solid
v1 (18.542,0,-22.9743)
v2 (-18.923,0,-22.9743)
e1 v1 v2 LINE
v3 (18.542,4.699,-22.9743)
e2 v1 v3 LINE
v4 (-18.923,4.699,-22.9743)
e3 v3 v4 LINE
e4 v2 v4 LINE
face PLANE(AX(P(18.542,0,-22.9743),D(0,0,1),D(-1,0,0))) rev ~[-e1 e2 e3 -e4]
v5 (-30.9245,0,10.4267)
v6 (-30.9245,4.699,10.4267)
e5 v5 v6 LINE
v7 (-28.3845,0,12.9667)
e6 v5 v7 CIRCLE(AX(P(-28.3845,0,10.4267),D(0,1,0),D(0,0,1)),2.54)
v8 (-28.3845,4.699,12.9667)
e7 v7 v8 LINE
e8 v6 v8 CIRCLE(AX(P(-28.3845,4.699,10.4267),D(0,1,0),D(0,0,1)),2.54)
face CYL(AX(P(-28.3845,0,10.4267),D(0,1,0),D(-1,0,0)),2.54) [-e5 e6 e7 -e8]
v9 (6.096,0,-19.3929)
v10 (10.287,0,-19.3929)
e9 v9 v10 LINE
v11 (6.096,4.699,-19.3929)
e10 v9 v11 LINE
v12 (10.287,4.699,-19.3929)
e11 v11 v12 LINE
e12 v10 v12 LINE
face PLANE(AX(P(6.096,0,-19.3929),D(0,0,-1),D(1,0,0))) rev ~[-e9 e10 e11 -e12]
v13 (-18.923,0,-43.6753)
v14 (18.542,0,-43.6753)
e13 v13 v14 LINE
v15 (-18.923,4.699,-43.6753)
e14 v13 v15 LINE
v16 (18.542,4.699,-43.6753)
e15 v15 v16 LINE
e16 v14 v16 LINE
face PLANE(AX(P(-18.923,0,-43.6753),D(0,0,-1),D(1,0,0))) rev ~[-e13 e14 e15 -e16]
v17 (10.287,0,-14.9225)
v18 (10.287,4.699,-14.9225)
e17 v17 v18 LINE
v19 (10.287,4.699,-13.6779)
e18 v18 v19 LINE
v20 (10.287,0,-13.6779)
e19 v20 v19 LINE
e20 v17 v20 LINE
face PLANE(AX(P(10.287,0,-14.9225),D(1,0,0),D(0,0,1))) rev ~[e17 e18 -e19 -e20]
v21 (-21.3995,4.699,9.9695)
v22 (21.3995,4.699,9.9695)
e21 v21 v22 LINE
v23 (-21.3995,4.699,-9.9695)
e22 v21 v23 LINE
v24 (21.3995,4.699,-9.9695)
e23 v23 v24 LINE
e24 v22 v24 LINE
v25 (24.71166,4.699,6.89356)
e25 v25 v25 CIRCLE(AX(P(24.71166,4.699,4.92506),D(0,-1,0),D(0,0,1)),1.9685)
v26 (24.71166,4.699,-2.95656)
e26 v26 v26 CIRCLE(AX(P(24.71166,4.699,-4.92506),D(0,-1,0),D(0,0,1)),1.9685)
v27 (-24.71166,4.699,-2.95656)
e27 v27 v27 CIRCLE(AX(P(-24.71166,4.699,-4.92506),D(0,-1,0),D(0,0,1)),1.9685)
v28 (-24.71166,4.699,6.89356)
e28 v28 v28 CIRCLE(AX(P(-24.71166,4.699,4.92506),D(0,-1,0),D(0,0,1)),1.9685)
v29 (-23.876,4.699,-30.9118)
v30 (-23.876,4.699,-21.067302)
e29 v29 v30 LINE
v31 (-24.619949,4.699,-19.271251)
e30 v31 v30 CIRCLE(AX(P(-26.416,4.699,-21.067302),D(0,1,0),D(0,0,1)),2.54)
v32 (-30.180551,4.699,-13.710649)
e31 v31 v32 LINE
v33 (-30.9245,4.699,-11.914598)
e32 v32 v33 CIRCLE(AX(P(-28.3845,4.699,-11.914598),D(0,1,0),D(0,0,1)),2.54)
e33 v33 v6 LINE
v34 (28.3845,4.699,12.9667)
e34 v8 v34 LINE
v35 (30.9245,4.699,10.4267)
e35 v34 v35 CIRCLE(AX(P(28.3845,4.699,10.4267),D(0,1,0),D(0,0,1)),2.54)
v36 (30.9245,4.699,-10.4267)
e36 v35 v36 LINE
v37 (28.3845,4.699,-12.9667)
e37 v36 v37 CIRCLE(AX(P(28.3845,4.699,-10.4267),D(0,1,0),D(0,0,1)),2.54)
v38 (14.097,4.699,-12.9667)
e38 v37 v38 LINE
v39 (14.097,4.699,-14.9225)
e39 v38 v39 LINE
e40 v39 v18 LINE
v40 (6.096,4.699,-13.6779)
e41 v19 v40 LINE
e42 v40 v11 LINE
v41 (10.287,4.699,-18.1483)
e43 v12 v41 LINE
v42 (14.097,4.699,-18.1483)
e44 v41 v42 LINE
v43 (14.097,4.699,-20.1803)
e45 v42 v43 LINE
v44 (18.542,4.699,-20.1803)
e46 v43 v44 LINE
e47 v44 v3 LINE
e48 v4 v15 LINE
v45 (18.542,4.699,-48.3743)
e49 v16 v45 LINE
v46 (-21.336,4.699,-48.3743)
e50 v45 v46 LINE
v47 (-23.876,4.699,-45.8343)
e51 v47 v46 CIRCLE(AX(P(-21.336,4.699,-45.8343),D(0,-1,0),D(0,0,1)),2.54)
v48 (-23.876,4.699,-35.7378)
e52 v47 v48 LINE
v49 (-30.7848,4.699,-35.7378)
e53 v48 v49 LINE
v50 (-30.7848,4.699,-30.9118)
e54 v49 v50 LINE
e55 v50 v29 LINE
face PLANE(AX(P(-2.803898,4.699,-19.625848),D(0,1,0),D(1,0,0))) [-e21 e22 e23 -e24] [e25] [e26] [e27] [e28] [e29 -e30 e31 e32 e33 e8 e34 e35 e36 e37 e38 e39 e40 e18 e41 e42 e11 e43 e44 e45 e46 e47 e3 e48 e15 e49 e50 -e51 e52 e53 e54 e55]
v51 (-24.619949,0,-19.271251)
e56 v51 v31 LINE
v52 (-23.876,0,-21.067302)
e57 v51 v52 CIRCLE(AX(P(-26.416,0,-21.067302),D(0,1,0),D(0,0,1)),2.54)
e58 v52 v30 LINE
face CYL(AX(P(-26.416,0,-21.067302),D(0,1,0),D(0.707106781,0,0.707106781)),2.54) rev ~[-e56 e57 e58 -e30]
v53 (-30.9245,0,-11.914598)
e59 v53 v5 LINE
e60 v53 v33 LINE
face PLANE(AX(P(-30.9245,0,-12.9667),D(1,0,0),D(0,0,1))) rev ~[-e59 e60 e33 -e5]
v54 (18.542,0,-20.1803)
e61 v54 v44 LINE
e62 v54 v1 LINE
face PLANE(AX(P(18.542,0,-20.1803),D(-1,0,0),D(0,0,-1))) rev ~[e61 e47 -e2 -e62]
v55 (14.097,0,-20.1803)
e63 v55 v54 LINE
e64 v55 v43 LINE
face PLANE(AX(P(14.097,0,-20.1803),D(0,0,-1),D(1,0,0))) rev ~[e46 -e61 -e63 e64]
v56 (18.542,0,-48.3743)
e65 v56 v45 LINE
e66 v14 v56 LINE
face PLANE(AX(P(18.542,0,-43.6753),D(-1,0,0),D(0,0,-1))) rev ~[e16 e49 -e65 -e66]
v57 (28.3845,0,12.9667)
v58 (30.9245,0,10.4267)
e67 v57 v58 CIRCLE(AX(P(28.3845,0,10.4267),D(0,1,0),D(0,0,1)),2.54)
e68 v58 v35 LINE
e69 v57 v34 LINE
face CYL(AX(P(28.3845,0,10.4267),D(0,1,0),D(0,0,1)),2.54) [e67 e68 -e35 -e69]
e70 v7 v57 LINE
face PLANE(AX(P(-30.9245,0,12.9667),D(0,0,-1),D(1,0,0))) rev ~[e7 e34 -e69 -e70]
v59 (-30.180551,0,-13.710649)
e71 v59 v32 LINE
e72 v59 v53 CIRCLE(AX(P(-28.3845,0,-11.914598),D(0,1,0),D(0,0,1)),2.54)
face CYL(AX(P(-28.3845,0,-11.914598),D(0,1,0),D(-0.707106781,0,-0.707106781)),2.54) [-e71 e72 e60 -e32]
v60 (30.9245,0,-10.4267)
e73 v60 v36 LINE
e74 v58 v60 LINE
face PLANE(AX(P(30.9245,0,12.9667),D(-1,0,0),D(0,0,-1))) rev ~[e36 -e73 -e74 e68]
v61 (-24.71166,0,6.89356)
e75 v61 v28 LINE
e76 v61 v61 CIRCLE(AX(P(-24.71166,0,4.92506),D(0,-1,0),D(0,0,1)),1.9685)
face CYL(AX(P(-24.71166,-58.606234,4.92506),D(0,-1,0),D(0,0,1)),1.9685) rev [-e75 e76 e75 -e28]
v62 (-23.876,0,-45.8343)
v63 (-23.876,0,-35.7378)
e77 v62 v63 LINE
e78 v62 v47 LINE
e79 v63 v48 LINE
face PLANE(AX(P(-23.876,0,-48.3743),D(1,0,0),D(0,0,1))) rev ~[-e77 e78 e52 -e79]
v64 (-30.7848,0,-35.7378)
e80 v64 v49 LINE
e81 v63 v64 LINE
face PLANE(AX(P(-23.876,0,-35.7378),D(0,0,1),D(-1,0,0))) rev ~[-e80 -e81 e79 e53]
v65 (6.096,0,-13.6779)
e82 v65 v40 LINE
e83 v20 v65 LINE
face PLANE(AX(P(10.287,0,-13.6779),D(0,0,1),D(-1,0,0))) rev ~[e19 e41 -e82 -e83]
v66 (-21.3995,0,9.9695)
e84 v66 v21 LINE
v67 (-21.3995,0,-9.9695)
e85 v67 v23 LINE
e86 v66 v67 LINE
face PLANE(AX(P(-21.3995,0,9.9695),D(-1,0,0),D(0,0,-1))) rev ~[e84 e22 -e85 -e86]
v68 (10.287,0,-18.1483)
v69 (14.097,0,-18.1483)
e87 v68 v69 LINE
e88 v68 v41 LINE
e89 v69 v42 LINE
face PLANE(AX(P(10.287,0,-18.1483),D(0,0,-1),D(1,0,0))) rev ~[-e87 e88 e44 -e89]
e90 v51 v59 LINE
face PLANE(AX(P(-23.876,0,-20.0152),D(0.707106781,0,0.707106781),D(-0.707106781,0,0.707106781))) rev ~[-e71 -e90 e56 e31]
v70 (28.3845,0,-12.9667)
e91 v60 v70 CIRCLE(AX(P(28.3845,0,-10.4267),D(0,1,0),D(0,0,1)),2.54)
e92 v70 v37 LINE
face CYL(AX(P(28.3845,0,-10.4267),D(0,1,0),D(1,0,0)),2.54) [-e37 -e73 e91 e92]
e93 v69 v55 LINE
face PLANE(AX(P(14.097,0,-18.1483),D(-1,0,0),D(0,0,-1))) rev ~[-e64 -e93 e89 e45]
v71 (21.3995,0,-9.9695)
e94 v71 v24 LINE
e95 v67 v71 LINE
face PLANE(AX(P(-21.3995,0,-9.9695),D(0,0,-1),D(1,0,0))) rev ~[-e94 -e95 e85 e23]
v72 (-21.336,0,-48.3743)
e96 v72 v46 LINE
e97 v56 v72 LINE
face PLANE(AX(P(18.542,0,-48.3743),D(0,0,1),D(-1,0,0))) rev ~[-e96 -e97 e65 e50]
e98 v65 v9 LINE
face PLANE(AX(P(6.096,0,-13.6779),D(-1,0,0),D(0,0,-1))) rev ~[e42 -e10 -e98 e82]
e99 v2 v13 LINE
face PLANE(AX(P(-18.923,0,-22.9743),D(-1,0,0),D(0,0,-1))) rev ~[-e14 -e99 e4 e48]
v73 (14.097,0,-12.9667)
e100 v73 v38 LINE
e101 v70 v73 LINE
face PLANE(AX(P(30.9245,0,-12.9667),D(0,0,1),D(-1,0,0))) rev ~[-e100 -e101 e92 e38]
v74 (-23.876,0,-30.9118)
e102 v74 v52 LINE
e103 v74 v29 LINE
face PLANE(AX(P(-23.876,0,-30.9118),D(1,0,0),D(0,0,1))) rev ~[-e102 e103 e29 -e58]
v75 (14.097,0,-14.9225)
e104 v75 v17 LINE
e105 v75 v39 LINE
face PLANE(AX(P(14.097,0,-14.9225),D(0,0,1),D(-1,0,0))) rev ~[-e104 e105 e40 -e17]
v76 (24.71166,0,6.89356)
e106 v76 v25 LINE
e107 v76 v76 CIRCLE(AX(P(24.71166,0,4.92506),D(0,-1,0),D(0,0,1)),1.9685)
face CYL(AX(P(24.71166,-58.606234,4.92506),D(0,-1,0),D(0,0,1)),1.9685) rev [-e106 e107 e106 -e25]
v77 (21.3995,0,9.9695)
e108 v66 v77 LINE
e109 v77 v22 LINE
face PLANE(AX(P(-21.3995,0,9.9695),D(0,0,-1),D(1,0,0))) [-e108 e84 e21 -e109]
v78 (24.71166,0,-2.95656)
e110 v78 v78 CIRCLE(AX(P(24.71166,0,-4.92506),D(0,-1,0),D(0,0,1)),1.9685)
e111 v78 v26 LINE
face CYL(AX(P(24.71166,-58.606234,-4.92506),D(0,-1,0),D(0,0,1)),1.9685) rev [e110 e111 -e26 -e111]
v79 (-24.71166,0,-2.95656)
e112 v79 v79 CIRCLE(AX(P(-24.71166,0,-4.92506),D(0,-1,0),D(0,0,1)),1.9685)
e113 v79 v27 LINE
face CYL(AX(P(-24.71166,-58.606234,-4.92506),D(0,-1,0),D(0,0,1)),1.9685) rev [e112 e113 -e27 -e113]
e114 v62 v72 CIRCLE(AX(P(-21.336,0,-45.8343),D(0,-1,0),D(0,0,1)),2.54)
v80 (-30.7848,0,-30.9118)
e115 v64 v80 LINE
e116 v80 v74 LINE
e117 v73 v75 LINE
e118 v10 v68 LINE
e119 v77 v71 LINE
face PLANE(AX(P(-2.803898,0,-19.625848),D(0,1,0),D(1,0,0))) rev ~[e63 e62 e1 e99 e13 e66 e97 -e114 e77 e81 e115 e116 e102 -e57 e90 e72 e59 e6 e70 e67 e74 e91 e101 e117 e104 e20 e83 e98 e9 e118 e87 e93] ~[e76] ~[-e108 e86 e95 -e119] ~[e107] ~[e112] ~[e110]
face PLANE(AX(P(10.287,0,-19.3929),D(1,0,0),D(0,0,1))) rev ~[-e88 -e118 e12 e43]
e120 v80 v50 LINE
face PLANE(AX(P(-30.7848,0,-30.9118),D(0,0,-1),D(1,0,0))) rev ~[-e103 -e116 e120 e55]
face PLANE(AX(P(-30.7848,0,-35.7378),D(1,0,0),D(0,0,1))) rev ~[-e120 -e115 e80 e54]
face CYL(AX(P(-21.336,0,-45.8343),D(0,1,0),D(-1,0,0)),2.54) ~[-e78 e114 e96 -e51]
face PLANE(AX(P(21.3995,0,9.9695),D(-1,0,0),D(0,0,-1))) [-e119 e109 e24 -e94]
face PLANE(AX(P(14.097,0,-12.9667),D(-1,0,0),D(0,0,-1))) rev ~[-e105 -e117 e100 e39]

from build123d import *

# Parameters (mm, degrees)
SKETCH1_W               = 42.799
SKETCH1_H               = 19.939
BOSS_EXTRUDE1_DEPTH     = 4.699
FILLET1_R               = 2.54
CUT_EXTRUDE2_DEPTH      = 58.606234053
CUT_EXTRUDE2_DEPTH_BACK = 58.606234053
SKETCH1_3_R             = 1.9685


with BuildPart() as part:
    # Sketch1 → Boss-Extrude1 (new body)
    with BuildSketch(Plane(origin=(0, 0, 0), x_dir=(1, 0, 0), z_dir=(0, 1, 0))):
        Polygon((-23.876, 20.0152), (-30.9245, 12.9667), (-30.9245, -12.9667), (30.9245, -12.9667), (30.9245, 12.9667), (14.097, 12.9667), (14.097, 14.9225), (10.287, 14.9225), (10.287, 13.6779), (6.096, 13.6779), (6.096, 19.3929), (10.287, 19.3929), (10.287, 18.1483), (14.097, 18.1483), (14.097, 20.1803), (18.542, 20.1803), (18.542, 22.9743), (-18.923, 22.9743), (-18.923, 43.6753), (18.542, 43.6753), (18.542, 48.3743), (-23.876, 48.3743), (-23.876, 35.7378), (-30.7848, 35.7378), (-30.7848, 30.9118), (-23.876, 30.9118), align=None)
        Rectangle(SKETCH1_W, SKETCH1_H, mode=Mode.SUBTRACT)
    extrude(amount=BOSS_EXTRUDE1_DEPTH)

    # Fillet1
    fillet1_edges = [part.edges().sort_by_distance(p)[0] for p in [
        (-23.876, 2.3495, -48.3743),
        (-23.876, 2.3495, -20.0152),
        (-30.9245, 2.3495, -12.9667),
        (-30.9245, 2.3495, 12.9667),
        (30.9245, 2.3495, 12.9667),
        (30.9245, 2.3495, -12.9667),
    ]]
    fillet(fillet1_edges, radius=FILLET1_R)

    # Sketch1<3> → Cut-Extrude2 (cut, two sides: drawn at the far end of the back side and taken through both)
    with BuildSketch(Plane(origin=(0, 0, 0), x_dir=(1, 0, 0), z_dir=(0, 1, 0)).offset(-CUT_EXTRUDE2_DEPTH_BACK)):
        with Locations((24.71166, 4.92506)):
            Circle(SKETCH1_3_R)
        with Locations((24.71166, -4.92506)):
            Circle(SKETCH1_3_R)
        with Locations((-24.71166, -4.92506)):
            Circle(SKETCH1_3_R)
        with Locations((-24.71166, 4.92506)):
            Circle(SKETCH1_3_R)
    extrude(amount=CUT_EXTRUDE2_DEPTH + CUT_EXTRUDE2_DEPTH_BACK, mode=Mode.SUBTRACT)


solid = part.part
